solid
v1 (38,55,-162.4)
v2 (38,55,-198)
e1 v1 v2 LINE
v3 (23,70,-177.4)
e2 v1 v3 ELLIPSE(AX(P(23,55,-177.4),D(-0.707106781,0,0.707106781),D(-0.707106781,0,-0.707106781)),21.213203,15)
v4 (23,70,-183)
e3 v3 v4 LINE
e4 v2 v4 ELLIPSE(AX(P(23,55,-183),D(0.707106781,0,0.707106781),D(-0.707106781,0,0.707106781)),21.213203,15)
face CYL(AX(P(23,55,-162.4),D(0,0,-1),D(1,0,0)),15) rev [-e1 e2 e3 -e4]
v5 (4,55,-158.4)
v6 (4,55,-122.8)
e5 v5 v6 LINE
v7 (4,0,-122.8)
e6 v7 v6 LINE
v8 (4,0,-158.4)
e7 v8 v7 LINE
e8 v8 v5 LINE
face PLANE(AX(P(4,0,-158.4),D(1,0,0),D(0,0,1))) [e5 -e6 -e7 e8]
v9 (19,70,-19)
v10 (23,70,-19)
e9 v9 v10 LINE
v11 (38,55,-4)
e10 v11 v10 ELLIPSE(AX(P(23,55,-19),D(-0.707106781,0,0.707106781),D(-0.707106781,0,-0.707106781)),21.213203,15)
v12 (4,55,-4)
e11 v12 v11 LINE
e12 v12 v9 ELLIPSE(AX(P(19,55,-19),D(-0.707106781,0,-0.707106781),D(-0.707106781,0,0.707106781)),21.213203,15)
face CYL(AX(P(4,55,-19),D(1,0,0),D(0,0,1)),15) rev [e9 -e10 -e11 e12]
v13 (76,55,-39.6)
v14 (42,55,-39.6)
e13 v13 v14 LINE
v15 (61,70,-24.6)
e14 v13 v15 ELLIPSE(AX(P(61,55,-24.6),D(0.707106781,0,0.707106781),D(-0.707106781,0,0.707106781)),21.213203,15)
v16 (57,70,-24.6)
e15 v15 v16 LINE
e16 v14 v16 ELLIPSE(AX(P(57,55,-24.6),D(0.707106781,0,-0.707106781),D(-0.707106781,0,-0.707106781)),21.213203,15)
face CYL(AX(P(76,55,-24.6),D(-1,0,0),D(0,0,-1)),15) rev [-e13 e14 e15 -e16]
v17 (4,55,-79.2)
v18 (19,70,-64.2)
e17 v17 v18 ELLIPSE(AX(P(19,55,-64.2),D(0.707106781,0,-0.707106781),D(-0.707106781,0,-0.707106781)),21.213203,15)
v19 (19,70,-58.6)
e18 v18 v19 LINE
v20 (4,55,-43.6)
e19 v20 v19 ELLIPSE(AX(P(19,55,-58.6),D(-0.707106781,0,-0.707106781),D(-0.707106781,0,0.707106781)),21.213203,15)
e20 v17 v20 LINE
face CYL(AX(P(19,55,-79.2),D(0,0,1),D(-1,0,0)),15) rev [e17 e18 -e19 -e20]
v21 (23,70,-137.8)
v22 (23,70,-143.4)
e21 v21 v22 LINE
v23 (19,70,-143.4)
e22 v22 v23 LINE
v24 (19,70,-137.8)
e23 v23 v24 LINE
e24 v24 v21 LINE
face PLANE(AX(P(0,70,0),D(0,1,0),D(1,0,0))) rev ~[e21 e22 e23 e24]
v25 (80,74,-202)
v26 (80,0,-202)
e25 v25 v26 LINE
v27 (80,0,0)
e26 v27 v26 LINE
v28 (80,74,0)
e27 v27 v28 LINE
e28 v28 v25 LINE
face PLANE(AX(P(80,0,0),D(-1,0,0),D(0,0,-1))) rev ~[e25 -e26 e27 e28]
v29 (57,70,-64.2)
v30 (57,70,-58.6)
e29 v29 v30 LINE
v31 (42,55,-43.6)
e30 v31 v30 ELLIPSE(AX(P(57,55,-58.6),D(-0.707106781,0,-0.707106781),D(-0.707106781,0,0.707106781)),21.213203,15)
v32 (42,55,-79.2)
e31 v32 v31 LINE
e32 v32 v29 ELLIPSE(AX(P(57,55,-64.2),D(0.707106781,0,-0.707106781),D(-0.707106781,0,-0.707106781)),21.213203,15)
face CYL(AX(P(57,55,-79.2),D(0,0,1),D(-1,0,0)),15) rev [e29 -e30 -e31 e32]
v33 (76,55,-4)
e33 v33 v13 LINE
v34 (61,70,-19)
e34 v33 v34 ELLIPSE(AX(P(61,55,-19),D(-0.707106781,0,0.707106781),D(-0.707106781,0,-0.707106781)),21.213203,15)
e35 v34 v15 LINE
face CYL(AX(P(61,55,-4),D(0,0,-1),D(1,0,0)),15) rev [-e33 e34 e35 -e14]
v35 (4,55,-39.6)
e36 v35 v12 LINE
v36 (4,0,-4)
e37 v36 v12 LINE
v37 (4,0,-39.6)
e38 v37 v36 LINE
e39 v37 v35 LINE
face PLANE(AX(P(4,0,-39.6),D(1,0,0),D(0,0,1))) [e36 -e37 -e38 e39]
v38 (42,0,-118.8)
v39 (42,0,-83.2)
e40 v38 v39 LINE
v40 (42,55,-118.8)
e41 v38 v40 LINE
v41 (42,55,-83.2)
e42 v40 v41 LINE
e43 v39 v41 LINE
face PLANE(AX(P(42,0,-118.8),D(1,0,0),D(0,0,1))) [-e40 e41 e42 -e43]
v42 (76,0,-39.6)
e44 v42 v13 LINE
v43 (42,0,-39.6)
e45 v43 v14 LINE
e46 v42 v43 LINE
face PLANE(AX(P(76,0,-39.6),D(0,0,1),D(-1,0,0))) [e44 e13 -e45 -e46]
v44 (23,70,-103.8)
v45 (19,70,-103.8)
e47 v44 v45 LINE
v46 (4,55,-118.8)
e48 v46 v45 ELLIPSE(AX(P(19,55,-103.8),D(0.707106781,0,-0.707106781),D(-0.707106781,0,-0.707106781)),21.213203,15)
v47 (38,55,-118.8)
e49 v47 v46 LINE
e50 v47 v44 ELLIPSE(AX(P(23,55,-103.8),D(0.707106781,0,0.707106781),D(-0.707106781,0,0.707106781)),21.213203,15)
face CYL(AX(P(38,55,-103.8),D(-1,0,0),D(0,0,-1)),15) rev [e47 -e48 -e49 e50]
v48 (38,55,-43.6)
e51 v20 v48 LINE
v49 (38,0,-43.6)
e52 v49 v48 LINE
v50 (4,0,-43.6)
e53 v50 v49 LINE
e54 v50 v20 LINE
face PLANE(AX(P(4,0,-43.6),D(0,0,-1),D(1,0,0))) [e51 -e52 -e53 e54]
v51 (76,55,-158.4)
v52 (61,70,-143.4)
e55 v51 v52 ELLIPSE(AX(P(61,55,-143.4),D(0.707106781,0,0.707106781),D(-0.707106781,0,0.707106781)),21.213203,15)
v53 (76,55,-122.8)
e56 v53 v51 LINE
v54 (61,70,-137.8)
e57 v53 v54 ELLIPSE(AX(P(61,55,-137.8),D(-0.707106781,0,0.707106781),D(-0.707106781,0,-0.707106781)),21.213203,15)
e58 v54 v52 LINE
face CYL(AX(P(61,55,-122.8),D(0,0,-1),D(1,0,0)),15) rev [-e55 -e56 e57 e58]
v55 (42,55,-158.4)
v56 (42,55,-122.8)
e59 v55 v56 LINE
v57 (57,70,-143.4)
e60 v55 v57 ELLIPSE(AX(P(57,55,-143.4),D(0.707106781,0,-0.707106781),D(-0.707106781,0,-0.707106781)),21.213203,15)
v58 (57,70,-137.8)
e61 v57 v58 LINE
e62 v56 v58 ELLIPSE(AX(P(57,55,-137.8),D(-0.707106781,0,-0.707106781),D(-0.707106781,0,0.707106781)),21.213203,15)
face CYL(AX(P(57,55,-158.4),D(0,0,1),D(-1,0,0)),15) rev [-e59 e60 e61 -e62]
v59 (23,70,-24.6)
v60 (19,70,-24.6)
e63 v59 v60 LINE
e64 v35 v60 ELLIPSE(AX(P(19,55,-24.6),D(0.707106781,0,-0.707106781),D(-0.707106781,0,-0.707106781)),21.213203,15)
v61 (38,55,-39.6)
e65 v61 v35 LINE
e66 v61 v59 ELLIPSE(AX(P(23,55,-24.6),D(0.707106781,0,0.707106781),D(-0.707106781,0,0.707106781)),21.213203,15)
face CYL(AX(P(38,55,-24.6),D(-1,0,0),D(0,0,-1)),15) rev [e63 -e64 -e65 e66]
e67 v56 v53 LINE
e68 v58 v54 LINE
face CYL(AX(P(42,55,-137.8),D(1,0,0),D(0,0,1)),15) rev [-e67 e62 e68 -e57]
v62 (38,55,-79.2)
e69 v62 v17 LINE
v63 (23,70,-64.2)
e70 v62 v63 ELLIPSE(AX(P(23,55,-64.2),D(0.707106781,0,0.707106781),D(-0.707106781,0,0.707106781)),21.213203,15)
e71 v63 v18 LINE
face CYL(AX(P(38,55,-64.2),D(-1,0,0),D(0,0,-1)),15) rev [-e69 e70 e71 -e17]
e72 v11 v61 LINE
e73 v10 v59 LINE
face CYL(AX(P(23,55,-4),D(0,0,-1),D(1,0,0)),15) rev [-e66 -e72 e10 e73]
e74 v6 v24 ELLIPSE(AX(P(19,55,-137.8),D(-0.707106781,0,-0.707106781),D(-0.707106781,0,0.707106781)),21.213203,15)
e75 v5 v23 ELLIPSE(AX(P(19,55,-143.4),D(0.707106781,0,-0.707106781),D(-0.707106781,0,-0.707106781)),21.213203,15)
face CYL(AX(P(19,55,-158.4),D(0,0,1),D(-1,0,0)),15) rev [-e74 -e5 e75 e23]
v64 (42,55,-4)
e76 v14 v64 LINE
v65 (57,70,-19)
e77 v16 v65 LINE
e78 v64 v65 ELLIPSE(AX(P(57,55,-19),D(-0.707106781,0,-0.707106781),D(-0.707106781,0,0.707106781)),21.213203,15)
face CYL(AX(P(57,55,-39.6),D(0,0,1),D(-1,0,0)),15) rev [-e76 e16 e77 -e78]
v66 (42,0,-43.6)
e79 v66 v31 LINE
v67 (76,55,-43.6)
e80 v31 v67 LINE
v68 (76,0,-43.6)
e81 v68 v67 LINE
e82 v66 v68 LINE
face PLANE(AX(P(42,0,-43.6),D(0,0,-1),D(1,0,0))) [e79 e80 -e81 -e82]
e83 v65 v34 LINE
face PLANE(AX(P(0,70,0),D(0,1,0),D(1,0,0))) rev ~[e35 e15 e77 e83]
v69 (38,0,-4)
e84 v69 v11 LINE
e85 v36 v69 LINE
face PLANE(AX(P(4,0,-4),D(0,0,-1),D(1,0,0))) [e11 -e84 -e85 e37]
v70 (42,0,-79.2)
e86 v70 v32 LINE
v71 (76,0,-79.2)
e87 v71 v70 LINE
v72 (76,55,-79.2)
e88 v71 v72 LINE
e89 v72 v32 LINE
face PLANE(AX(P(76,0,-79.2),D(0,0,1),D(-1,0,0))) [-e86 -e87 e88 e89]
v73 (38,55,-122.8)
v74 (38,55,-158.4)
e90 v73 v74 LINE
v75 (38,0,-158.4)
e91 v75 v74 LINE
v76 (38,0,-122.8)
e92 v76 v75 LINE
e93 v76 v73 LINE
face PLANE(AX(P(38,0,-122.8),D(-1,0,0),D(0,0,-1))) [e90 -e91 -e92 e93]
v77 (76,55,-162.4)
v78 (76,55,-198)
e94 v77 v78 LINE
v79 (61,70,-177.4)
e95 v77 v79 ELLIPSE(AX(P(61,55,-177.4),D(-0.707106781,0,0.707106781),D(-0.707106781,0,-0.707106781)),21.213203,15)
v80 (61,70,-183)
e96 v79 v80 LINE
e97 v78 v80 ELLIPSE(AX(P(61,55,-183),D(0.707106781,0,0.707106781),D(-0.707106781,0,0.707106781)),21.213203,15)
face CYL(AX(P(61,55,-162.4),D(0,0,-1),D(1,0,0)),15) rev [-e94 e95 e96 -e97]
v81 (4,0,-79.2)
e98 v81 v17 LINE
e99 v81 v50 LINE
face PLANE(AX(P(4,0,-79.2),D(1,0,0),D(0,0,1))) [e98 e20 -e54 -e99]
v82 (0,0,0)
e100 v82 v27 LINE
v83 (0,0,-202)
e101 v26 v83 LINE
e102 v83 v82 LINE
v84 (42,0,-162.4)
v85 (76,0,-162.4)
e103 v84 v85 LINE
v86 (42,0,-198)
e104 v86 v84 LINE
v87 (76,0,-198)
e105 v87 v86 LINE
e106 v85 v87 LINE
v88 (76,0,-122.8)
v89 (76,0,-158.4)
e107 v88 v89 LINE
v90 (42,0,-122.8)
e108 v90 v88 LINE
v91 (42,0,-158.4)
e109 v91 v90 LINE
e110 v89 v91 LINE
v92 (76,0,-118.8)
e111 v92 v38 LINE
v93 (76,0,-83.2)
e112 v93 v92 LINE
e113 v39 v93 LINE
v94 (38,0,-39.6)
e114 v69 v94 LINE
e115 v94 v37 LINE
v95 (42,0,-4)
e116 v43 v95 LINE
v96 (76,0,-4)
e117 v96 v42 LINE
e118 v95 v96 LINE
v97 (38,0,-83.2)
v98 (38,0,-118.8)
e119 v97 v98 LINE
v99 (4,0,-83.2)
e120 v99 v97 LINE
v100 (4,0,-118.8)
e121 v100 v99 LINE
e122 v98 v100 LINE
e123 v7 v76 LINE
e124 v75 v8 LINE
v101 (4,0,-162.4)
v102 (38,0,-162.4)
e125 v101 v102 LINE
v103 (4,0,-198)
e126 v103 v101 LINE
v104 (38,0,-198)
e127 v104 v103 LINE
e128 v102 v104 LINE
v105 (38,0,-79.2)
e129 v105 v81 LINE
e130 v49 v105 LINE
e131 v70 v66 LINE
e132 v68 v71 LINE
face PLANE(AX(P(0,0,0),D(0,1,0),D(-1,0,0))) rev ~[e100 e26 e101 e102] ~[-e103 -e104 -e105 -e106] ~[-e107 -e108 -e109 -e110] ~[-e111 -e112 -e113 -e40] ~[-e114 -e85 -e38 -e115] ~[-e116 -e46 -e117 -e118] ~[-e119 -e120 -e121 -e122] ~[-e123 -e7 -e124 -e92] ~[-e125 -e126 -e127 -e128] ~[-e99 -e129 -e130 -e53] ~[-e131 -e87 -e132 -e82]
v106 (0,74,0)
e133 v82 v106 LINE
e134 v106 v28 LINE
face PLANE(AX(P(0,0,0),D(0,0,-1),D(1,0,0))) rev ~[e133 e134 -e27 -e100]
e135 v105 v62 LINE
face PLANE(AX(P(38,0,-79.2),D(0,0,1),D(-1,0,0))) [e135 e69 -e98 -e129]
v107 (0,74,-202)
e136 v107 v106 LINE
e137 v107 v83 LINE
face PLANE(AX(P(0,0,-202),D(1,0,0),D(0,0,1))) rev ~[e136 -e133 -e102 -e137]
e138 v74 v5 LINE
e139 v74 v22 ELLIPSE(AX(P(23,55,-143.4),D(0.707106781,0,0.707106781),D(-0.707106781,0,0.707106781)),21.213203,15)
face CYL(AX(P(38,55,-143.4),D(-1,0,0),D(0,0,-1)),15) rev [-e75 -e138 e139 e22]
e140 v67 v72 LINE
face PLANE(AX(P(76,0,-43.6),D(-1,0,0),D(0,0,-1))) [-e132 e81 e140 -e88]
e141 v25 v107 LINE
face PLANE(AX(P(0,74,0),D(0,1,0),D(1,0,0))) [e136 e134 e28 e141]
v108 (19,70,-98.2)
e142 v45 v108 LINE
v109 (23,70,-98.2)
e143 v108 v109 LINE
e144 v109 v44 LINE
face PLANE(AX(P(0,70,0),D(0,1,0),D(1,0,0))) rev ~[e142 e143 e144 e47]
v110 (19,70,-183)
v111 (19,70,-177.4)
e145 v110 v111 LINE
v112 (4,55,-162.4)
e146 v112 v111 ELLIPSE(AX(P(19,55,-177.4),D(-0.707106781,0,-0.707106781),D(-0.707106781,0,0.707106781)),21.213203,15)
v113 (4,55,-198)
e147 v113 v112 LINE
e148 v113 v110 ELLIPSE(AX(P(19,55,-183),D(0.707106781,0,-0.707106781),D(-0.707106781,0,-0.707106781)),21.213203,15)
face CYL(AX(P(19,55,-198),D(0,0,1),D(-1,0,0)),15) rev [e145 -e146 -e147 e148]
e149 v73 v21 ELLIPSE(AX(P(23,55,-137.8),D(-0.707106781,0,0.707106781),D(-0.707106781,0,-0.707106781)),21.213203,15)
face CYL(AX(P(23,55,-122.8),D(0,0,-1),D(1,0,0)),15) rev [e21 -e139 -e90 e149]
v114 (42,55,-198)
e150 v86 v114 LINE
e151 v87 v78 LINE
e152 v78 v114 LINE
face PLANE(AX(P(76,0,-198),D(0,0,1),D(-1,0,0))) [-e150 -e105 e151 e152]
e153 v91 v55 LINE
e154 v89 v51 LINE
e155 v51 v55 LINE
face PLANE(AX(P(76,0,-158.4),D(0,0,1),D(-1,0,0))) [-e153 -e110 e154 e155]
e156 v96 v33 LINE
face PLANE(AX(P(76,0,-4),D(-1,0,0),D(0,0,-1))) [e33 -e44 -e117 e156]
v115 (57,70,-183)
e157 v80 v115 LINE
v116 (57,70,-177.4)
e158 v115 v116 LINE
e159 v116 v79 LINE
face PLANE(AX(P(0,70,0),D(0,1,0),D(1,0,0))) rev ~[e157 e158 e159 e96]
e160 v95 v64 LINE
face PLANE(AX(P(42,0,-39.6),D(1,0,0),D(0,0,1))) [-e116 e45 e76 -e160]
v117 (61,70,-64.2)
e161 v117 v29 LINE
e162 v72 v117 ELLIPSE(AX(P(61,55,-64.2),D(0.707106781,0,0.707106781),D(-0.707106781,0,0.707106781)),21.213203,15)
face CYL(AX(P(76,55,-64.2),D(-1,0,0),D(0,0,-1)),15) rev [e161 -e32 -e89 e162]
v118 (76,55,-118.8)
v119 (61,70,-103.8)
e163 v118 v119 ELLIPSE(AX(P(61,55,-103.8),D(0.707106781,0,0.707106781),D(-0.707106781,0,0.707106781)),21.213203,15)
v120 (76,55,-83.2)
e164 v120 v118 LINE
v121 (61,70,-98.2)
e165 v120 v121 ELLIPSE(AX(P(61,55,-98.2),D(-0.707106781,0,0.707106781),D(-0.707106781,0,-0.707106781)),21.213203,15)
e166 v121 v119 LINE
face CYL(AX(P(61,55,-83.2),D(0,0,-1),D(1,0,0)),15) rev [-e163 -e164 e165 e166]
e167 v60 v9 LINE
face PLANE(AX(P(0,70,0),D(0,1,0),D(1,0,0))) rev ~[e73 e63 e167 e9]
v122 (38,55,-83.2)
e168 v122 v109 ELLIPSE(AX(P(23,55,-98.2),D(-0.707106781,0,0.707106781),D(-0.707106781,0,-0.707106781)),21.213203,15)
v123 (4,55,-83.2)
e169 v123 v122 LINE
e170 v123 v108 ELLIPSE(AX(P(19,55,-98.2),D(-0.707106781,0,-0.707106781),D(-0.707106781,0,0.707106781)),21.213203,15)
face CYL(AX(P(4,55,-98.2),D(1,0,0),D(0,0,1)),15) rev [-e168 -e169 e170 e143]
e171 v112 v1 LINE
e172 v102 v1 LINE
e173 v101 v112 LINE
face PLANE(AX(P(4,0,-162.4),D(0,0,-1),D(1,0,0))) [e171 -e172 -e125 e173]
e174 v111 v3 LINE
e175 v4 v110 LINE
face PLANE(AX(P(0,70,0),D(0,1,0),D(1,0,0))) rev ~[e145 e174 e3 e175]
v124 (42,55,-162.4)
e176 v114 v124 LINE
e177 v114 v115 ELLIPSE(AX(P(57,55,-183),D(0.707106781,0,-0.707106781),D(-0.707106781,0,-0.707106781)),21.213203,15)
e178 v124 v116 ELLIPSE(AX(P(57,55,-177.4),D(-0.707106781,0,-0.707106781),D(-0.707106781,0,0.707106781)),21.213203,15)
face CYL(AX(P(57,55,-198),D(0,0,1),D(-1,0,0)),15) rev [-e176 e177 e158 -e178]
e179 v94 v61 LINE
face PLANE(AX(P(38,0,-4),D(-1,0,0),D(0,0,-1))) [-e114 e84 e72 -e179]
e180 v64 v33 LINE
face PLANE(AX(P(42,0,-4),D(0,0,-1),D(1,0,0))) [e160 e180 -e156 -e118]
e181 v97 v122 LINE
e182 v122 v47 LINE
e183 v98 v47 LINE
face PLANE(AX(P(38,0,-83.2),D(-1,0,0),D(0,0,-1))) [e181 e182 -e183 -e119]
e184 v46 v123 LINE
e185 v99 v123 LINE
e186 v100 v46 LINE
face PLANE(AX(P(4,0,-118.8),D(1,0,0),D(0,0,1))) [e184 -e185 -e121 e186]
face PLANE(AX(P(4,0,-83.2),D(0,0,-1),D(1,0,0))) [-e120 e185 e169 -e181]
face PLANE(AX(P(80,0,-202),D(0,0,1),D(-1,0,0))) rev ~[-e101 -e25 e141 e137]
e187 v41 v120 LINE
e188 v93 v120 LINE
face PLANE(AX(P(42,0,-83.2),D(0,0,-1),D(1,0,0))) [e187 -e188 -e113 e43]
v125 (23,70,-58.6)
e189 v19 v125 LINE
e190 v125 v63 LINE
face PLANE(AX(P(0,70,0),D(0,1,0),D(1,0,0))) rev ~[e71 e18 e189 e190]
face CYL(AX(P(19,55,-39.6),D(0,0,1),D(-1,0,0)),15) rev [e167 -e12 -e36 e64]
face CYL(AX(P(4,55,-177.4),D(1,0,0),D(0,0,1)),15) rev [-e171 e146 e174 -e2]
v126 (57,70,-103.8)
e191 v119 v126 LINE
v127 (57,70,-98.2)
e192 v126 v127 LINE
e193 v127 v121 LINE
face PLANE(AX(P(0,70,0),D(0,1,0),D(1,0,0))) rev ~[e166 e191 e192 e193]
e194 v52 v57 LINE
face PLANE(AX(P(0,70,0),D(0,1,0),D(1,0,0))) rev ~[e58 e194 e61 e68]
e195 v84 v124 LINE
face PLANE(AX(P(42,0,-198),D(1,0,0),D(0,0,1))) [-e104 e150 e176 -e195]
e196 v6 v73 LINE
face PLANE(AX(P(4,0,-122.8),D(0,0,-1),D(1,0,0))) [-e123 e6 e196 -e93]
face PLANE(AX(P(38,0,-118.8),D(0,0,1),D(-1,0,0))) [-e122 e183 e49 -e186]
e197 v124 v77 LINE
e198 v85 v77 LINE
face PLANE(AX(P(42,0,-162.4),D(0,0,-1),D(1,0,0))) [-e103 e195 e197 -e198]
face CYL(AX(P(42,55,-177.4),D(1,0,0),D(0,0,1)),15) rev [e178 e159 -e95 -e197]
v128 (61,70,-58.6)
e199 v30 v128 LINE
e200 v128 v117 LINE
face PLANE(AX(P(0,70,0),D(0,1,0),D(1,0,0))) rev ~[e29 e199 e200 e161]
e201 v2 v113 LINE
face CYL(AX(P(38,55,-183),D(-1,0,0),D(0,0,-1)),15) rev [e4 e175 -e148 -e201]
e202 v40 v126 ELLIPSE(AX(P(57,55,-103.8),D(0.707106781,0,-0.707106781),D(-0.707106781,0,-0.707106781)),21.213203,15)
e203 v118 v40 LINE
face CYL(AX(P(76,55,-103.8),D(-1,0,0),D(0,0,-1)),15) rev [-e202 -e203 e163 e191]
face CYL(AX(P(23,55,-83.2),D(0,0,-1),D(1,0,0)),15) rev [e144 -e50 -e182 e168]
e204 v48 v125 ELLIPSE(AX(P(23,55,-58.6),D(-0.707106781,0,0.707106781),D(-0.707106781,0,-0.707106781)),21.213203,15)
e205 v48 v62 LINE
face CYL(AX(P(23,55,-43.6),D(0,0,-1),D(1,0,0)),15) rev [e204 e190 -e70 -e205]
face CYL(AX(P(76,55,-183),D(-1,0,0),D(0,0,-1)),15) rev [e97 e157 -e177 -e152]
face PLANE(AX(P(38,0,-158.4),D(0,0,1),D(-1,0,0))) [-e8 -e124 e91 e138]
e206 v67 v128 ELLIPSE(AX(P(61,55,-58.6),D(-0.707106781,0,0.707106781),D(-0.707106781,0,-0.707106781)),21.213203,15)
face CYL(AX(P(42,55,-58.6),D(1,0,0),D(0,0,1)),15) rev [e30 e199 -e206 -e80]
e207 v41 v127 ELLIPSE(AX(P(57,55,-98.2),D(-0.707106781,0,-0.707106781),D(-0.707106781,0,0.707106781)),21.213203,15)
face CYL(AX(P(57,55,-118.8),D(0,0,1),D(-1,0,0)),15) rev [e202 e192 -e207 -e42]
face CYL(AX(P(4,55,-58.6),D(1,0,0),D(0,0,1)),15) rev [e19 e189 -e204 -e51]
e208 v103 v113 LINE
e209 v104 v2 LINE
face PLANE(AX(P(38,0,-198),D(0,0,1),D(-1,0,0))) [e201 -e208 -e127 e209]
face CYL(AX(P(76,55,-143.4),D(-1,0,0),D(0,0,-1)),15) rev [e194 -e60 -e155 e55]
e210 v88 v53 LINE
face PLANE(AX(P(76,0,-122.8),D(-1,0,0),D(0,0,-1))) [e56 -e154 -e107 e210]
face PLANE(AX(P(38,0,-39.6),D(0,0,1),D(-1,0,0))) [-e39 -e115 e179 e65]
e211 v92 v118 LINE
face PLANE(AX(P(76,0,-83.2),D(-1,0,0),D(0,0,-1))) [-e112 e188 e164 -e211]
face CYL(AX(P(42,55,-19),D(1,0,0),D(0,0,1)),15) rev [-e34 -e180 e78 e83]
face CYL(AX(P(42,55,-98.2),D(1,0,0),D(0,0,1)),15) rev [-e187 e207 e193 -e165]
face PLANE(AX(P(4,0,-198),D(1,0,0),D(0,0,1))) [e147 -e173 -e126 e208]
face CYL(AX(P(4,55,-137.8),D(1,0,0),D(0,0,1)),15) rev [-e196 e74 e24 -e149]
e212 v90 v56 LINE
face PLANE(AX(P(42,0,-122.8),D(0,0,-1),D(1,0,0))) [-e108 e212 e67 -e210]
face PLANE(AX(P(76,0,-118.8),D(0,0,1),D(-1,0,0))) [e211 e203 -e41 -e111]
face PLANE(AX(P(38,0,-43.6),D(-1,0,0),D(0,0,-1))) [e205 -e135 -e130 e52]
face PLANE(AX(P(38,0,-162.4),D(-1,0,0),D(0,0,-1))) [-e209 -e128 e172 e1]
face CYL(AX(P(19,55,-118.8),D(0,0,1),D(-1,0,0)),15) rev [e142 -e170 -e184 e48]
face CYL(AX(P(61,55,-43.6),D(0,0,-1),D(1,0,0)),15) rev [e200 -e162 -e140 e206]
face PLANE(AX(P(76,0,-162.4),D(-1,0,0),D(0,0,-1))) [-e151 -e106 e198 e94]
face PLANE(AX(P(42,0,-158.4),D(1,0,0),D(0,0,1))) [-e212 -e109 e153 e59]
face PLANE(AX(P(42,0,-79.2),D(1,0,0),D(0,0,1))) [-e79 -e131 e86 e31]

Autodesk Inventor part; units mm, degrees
ref_plane "YZ Plane" through (0, 0, 0) normal (1, 0, 0) x (0, 1, 0)
ref_plane "XZ Plane" through (0, 0, 0) normal (0, 1, 0) x (-1, 0, 0)
ref_plane "XY Plane" through (0, 0, 0) normal (0, 0, 1) x (1, 0, 0)
sketch "Sketch1" plane through (0, 0, 0) normal (0, 1, 0) x (-1, 0, 0)
  line L0 (0, 0) -> (-80, 0)
  line L1 (-80, 0) -> (-80, -202)
  line L2 (-80, -202) -> (0, -202)
  line L3 (0, -202) -> (0, 0)
  line L4 (-4, -4) -> (-38, -4)
  line L5 (-38, -4) -> (-38, -39.6)
  line L6 (-38, -39.6) -> (-4, -39.6)
  line L7 (-4, -39.6) -> (-4, -4)
  line L8 (-4, -43.6) -> (-38, -43.6)
  line L9 (-38, -43.6) -> (-38, -79.2)
  line L10 (-38, -79.2) -> (-4, -79.2)
  line L11 (-4, -79.2) -> (-4, -43.6)
  line L12 (-4, -83.2) -> (-38, -83.2)
  line L13 (-38, -83.2) -> (-38, -118.8)
  line L14 (-38, -118.8) -> (-4, -118.8)
  line L15 (-4, -118.8) -> (-4, -83.2)
  line L16 (-4, -122.8) -> (-38, -122.8)
  line L17 (-38, -122.8) -> (-38, -158.4)
  line L18 (-38, -158.4) -> (-4, -158.4)
  line L19 (-4, -158.4) -> (-4, -122.8)
  line L20 (-4, -162.4) -> (-38, -162.4)
  line L21 (-38, -162.4) -> (-38, -198)
  line L22 (-38, -198) -> (-4, -198)
  line L23 (-4, -198) -> (-4, -162.4)
  line L24 (-76, -198) -> (-42, -198)
  line L25 (-42, -162.4) -> (-76, -162.4)
  line L26 (-42, -198) -> (-42, -162.4)
  line L27 (-76, -162.4) -> (-76, -198)
  line L28 (-76, -158.4) -> (-42, -158.4)
  line L29 (-76, -122.8) -> (-76, -158.4)
  line L30 (-42, -122.8) -> (-76, -122.8)
  line L31 (-42, -158.4) -> (-42, -122.8)
  line L32 (-76, -118.8) -> (-42, -118.8)
  line L33 (-76, -83.2) -> (-76, -118.8)
  line L34 (-42, -118.8) -> (-42, -83.2)
  line L35 (-42, -4) -> (-76, -4)
  line L36 (-76, -4) -> (-76, -39.6)
  line L37 (-76, -39.6) -> (-42, -39.6)
  line L38 (-42, -83.2) -> (-76, -83.2)
  line L39 (-76, -79.2) -> (-42, -79.2)
  line L40 (-42, -43.6) -> (-76, -43.6)
  line L41 (-76, -43.6) -> (-76, -79.2)
  line L42 (-42, -79.2) -> (-42, -43.6)
  line L43 (-42, -39.6) -> (-42, -4)
  dimension "d0" = 34
  dimension "d1" = 35.6
  dimension "d2" = 4
  dimension "d3" = 4
  dimension "d6" = 39.6
  dimension "d11" = 4
  dimension "d14" = 38
  dimension "d19" = 4
extrude "Extrusion1" add sketch "Sketch1" along normal blind 70
sketch "Sketch2" plane through (0, 70, 0) normal (0, 1, 0) x (1, 0, 0)
  line L0 (0, 0) -> (80, 0) projected
  line L1 (0, 202) -> (0, 0) projected
  line L2 (80, 0) -> (80, 202) projected
  line L3 (80, 202) -> (0, 202) projected
extrude "Extrusion2" add sketch "Sketch2" along normal blind 4
ref_plane "Work Plane4" through (40, 0, -202) normal (-1, 0, 0) x (0, 0, 1)
fillet "Fillet1" radius 15 40 edges at (21, 70, -198) (4, 70, -180.2) (59, 70, -198) (42, 70, -180.2) (59, 70, -158.4) (42, 70, -140.6) (21, 70, -158.4) (4, 70, -140.6) (59, 70, -118.8) (42, 70, -101) (21, 70, -118.8) (4, 70, -101) (21, 70, -79.2) (4, 70, -61.4) (59, 70, -79.2) (42, 70, -61.4) (59, 70, -39.6) (42, 70, -21.8) (21, 70, -39.6) (4, 70, -21.8) (76, 70, -21.8) (59, 70, -4) (38, 70, -21.8) (21, 70, -4) (38, 70, -61.4) (21, 70, -43.6) (76, 70, -61.4) (59, 70, -43.6) (76, 70, -101) (59, 70, -83.2) (76, 70, -140.6) (59, 70, -122.8) (38, 70, -140.6) (21, 70, -122.8) (38, 70, -180.2) (21, 70, -162.4) (76, 70, -180.2) (59, 70, -162.4) (38, 70, -101) (21, 70, -83.2)
properties part number "Contenedor B" material "ABS Plastic"
